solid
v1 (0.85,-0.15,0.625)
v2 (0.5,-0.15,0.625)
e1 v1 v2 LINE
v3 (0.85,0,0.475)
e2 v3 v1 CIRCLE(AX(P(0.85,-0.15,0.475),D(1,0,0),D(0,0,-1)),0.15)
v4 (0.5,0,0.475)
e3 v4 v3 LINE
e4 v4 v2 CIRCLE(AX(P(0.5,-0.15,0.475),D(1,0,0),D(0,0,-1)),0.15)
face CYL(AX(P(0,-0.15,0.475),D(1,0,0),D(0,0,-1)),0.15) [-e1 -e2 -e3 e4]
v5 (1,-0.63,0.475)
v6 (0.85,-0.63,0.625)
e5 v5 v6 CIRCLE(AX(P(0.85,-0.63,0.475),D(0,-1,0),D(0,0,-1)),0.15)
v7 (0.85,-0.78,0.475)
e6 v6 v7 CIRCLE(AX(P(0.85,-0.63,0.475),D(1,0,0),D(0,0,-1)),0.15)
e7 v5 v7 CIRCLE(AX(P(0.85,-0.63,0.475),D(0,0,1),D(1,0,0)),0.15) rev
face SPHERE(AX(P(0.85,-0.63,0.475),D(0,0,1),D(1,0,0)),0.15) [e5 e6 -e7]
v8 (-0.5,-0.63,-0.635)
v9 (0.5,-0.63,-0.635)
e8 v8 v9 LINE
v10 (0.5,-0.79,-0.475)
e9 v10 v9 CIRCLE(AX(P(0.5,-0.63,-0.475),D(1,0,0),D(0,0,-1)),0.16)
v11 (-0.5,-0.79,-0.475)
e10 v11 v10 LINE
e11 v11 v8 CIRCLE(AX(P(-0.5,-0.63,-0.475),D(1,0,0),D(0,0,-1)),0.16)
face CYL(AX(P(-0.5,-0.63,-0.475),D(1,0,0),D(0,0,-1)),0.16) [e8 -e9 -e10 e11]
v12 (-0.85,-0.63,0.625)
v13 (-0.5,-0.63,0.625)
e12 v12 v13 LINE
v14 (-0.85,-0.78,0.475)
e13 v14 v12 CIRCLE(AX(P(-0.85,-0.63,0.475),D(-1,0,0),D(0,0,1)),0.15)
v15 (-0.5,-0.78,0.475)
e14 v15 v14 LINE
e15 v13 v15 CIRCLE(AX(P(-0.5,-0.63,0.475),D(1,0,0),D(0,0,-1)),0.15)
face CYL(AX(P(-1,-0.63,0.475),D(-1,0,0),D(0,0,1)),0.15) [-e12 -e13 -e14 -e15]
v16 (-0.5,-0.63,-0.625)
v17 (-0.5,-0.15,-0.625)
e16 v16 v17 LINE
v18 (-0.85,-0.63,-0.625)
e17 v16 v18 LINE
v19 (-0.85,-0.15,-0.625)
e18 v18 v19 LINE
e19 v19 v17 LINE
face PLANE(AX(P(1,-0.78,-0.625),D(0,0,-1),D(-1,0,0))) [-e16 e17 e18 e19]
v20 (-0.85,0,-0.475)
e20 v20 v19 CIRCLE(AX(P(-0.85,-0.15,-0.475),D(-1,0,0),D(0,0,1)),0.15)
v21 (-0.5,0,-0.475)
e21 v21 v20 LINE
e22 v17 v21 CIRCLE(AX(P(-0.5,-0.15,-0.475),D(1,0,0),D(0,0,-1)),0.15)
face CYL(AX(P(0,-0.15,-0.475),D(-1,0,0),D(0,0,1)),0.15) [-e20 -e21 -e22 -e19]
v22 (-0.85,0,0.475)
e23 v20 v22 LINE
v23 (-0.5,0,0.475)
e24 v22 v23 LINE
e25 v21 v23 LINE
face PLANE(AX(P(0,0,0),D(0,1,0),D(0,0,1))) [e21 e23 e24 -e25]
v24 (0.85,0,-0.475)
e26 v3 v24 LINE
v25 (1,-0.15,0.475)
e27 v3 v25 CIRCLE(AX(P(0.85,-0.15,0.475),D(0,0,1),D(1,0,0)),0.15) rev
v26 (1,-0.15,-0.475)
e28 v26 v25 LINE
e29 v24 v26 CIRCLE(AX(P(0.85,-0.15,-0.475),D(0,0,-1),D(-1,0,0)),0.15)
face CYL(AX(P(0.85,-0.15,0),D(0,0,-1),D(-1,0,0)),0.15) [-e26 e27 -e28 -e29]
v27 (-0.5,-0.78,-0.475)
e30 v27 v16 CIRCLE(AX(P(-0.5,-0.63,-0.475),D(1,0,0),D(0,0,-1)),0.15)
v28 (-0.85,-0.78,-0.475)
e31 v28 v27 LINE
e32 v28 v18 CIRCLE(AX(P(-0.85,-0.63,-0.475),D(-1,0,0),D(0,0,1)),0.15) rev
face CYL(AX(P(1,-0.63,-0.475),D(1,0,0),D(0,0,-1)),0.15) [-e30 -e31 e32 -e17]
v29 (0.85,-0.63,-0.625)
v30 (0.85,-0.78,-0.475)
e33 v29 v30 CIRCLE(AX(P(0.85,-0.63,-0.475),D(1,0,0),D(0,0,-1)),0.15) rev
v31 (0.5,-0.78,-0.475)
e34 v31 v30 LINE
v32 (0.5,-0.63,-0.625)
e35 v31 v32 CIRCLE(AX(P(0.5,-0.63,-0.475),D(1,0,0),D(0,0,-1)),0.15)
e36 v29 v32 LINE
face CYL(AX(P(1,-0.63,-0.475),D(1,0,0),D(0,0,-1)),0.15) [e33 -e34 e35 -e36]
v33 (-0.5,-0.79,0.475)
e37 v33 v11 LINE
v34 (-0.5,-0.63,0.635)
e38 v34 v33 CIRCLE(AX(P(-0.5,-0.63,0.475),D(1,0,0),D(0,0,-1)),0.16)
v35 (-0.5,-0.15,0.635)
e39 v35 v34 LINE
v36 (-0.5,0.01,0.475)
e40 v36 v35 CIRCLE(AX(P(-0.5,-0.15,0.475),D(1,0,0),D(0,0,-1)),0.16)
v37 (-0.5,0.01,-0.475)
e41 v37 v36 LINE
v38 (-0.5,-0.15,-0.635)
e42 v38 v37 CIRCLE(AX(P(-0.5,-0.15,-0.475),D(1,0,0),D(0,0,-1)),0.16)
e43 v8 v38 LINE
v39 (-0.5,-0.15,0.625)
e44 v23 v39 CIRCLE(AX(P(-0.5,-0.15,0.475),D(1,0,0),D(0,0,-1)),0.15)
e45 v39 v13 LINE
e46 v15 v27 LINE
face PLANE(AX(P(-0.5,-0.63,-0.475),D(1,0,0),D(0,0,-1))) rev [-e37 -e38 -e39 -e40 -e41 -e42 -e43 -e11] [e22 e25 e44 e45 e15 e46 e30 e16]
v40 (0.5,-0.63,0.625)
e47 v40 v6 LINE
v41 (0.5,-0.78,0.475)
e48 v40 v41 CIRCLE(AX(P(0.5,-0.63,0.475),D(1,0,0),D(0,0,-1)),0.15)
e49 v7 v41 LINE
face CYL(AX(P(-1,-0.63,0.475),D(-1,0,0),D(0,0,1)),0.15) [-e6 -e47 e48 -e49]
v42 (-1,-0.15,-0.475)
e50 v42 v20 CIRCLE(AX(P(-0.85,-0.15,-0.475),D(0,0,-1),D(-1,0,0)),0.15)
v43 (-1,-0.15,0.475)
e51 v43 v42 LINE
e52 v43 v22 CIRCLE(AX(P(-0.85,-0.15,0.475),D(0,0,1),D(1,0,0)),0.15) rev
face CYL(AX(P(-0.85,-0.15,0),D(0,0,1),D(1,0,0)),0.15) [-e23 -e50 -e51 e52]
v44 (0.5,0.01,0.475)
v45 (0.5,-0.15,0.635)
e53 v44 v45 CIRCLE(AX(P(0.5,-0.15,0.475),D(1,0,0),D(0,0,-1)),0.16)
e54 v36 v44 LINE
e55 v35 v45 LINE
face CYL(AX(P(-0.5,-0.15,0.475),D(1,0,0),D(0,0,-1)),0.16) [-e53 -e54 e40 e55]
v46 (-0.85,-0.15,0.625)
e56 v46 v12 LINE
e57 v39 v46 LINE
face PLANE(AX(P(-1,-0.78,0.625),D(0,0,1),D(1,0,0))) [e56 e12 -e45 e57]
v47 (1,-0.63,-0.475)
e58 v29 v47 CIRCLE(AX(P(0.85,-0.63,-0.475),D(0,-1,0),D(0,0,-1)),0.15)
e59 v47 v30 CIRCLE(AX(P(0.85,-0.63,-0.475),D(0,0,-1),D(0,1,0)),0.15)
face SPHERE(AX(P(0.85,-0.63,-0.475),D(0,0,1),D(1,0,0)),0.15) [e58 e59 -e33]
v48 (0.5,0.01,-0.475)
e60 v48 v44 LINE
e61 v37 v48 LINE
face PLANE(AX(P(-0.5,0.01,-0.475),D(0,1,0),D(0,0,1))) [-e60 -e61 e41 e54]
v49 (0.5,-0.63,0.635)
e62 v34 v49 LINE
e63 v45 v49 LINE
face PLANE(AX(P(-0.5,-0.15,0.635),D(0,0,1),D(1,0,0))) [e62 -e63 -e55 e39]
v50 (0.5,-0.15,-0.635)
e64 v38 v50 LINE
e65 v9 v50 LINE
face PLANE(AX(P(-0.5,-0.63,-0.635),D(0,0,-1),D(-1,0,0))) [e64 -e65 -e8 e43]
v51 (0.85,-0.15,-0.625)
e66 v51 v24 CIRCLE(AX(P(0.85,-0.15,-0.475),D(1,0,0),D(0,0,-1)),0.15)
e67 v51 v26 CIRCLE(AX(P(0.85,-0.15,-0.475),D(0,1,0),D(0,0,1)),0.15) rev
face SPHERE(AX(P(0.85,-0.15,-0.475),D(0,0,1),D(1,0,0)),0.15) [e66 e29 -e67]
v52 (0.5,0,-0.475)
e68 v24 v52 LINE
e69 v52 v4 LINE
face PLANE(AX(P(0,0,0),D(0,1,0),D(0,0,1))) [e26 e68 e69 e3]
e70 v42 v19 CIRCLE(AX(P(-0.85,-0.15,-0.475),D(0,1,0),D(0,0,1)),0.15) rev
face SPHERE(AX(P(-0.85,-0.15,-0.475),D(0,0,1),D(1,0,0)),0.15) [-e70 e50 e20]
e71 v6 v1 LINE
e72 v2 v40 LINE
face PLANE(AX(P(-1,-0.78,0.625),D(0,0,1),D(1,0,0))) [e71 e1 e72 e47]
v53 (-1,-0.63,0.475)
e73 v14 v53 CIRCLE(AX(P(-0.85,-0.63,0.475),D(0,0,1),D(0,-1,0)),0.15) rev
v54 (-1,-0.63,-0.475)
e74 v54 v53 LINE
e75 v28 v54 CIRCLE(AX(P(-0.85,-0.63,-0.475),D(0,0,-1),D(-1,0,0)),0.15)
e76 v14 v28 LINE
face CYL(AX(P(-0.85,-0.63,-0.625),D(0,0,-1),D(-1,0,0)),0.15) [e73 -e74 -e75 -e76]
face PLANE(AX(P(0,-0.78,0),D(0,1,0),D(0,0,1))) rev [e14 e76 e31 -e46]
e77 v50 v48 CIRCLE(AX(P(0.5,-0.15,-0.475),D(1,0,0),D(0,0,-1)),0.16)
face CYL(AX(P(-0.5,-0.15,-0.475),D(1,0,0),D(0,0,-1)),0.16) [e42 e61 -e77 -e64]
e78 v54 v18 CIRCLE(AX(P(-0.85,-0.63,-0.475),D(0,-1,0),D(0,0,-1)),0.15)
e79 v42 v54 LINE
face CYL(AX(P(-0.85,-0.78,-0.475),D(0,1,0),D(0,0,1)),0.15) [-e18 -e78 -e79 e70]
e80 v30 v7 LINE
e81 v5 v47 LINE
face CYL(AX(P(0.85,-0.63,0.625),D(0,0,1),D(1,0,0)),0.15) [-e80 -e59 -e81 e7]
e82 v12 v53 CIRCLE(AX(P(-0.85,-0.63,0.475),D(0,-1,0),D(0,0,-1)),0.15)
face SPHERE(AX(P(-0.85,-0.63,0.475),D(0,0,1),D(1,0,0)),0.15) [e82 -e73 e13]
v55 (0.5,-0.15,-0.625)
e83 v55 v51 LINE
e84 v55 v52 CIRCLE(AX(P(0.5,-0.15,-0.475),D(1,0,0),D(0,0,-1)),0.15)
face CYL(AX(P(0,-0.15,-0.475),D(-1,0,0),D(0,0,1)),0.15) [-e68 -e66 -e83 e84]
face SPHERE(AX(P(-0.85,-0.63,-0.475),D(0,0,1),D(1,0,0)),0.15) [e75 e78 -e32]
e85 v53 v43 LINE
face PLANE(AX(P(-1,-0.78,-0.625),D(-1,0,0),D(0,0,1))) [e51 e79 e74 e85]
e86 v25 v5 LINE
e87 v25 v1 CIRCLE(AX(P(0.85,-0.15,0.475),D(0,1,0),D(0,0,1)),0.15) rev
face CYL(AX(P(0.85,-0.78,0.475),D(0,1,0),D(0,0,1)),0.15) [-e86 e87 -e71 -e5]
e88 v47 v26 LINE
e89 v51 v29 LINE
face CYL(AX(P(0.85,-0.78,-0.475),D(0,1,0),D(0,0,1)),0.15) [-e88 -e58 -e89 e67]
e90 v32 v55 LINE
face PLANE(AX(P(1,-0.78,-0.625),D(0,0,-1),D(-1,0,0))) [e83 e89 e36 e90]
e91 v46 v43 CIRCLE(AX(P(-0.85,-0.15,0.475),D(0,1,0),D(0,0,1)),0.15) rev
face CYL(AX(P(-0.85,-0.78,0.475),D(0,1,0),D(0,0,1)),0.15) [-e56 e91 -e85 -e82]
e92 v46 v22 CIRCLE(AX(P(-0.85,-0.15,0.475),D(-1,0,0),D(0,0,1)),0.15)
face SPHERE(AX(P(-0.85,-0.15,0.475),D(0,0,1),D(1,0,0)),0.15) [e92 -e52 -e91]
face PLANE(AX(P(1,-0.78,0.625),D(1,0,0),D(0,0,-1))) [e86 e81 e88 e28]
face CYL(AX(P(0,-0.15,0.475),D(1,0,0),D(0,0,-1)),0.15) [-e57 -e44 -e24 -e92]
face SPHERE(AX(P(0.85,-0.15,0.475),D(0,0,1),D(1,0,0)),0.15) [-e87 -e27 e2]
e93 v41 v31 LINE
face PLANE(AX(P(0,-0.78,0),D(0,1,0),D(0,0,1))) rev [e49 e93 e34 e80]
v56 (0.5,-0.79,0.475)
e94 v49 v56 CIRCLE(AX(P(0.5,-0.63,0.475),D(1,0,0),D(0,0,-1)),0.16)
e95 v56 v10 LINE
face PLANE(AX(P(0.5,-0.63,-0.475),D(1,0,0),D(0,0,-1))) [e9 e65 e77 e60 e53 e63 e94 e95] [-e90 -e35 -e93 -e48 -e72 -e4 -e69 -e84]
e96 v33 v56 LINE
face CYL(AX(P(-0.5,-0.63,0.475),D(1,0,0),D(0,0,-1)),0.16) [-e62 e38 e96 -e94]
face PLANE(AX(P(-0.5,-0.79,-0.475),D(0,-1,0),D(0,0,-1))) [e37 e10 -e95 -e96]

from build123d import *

# Parameters (mm, degrees)
ESBO_O1_W                     = 2
ESBO_O1_H                     = 1.25
RESSALTO_EXTRUS_O1_DEPTH      = 0.78
FILETE1_R                     = 0.15
RESSALTO_EXTRUS_O4_DEPTH      = 0.5
RESSALTO_EXTRUS_O4_DEPTH_BACK = 0.5


with BuildPart() as part:
    # Esboço1 → Ressalto-extrusão1 (new body)
    with BuildSketch(Plane(origin=(0, 0, 0), x_dir=(1, 0, 0), z_dir=(0, 1, 0))):
        Rectangle(ESBO_O1_W, ESBO_O1_H)
    extrude(amount=-RESSALTO_EXTRUS_O1_DEPTH)

    # Filete1
    filete1_edges = [part.edges().sort_by_distance(p)[0] for p in [
        (1, -0.78, 0),
        (0, -0.78, -0.625),
        (-1, -0.78, 0),
        (0, 0, -0.625),
        (1, 0, 0),
        (0, 0, 0.625),
        (-1, 0, 0),
        (0, -0.78, 0.625),
        (-1, -0.39, -0.625),
        (1, -0.39, -0.625),
        (1, -0.39, 0.625),
        (-1, -0.39, 0.625),
    ]]
    fillet(filete1_edges, radius=FILETE1_R)

    # Esboço4 → Ressalto-extrusão4 (add, two sides)
    with BuildSketch(Plane(origin=(0, 0, 0), x_dir=(0, 0, -1), z_dir=(1, 0, 0))) as ressalto_extrus_o4_sk:
        with BuildLine():
            Line((0.635, -0.63), (0.635, -0.15))
            ThreePointArc((0.635, -0.15), (0.588137085, -0.036862915), (0.475, 0.01))
            Line((0.475, 0.01), (-0.475, 0.01))
            ThreePointArc((-0.475, 0.01), (-0.588137085, -0.036862915), (-0.635, -0.15))
            Line((-0.635, -0.15), (-0.635, -0.63))
            ThreePointArc((-0.635, -0.63), (-0.588137085, -0.743137085), (-0.475, -0.79))
            Line((-0.475, -0.79), (0.475, -0.79))
            ThreePointArc((0.475, -0.79), (0.588137085, -0.743137085), (0.635, -0.63))
        make_face()
        with BuildLine():
            Line((0.625, -0.63), (0.625, -0.15))
            ThreePointArc((0.625, -0.15), (0.581066017, -0.043933983), (0.475, 0))
            Line((0.475, 0), (-0.475, 0))
            ThreePointArc((-0.475, 0), (-0.581066017, -0.043933983), (-0.625, -0.15))
            Line((-0.625, -0.15), (-0.625, -0.63))
            ThreePointArc((-0.625, -0.63), (-0.581066017, -0.736066017), (-0.475, -0.78))
            Line((-0.475, -0.78), (0.475, -0.78))
            ThreePointArc((0.475, -0.78), (0.581066017, -0.736066017), (0.625, -0.63))
        make_face(mode=Mode.SUBTRACT)
    extrude(amount=RESSALTO_EXTRUS_O4_DEPTH)
    extrude(ressalto_extrus_o4_sk.sketch, amount=-RESSALTO_EXTRUS_O4_DEPTH_BACK)


solid = part.part
